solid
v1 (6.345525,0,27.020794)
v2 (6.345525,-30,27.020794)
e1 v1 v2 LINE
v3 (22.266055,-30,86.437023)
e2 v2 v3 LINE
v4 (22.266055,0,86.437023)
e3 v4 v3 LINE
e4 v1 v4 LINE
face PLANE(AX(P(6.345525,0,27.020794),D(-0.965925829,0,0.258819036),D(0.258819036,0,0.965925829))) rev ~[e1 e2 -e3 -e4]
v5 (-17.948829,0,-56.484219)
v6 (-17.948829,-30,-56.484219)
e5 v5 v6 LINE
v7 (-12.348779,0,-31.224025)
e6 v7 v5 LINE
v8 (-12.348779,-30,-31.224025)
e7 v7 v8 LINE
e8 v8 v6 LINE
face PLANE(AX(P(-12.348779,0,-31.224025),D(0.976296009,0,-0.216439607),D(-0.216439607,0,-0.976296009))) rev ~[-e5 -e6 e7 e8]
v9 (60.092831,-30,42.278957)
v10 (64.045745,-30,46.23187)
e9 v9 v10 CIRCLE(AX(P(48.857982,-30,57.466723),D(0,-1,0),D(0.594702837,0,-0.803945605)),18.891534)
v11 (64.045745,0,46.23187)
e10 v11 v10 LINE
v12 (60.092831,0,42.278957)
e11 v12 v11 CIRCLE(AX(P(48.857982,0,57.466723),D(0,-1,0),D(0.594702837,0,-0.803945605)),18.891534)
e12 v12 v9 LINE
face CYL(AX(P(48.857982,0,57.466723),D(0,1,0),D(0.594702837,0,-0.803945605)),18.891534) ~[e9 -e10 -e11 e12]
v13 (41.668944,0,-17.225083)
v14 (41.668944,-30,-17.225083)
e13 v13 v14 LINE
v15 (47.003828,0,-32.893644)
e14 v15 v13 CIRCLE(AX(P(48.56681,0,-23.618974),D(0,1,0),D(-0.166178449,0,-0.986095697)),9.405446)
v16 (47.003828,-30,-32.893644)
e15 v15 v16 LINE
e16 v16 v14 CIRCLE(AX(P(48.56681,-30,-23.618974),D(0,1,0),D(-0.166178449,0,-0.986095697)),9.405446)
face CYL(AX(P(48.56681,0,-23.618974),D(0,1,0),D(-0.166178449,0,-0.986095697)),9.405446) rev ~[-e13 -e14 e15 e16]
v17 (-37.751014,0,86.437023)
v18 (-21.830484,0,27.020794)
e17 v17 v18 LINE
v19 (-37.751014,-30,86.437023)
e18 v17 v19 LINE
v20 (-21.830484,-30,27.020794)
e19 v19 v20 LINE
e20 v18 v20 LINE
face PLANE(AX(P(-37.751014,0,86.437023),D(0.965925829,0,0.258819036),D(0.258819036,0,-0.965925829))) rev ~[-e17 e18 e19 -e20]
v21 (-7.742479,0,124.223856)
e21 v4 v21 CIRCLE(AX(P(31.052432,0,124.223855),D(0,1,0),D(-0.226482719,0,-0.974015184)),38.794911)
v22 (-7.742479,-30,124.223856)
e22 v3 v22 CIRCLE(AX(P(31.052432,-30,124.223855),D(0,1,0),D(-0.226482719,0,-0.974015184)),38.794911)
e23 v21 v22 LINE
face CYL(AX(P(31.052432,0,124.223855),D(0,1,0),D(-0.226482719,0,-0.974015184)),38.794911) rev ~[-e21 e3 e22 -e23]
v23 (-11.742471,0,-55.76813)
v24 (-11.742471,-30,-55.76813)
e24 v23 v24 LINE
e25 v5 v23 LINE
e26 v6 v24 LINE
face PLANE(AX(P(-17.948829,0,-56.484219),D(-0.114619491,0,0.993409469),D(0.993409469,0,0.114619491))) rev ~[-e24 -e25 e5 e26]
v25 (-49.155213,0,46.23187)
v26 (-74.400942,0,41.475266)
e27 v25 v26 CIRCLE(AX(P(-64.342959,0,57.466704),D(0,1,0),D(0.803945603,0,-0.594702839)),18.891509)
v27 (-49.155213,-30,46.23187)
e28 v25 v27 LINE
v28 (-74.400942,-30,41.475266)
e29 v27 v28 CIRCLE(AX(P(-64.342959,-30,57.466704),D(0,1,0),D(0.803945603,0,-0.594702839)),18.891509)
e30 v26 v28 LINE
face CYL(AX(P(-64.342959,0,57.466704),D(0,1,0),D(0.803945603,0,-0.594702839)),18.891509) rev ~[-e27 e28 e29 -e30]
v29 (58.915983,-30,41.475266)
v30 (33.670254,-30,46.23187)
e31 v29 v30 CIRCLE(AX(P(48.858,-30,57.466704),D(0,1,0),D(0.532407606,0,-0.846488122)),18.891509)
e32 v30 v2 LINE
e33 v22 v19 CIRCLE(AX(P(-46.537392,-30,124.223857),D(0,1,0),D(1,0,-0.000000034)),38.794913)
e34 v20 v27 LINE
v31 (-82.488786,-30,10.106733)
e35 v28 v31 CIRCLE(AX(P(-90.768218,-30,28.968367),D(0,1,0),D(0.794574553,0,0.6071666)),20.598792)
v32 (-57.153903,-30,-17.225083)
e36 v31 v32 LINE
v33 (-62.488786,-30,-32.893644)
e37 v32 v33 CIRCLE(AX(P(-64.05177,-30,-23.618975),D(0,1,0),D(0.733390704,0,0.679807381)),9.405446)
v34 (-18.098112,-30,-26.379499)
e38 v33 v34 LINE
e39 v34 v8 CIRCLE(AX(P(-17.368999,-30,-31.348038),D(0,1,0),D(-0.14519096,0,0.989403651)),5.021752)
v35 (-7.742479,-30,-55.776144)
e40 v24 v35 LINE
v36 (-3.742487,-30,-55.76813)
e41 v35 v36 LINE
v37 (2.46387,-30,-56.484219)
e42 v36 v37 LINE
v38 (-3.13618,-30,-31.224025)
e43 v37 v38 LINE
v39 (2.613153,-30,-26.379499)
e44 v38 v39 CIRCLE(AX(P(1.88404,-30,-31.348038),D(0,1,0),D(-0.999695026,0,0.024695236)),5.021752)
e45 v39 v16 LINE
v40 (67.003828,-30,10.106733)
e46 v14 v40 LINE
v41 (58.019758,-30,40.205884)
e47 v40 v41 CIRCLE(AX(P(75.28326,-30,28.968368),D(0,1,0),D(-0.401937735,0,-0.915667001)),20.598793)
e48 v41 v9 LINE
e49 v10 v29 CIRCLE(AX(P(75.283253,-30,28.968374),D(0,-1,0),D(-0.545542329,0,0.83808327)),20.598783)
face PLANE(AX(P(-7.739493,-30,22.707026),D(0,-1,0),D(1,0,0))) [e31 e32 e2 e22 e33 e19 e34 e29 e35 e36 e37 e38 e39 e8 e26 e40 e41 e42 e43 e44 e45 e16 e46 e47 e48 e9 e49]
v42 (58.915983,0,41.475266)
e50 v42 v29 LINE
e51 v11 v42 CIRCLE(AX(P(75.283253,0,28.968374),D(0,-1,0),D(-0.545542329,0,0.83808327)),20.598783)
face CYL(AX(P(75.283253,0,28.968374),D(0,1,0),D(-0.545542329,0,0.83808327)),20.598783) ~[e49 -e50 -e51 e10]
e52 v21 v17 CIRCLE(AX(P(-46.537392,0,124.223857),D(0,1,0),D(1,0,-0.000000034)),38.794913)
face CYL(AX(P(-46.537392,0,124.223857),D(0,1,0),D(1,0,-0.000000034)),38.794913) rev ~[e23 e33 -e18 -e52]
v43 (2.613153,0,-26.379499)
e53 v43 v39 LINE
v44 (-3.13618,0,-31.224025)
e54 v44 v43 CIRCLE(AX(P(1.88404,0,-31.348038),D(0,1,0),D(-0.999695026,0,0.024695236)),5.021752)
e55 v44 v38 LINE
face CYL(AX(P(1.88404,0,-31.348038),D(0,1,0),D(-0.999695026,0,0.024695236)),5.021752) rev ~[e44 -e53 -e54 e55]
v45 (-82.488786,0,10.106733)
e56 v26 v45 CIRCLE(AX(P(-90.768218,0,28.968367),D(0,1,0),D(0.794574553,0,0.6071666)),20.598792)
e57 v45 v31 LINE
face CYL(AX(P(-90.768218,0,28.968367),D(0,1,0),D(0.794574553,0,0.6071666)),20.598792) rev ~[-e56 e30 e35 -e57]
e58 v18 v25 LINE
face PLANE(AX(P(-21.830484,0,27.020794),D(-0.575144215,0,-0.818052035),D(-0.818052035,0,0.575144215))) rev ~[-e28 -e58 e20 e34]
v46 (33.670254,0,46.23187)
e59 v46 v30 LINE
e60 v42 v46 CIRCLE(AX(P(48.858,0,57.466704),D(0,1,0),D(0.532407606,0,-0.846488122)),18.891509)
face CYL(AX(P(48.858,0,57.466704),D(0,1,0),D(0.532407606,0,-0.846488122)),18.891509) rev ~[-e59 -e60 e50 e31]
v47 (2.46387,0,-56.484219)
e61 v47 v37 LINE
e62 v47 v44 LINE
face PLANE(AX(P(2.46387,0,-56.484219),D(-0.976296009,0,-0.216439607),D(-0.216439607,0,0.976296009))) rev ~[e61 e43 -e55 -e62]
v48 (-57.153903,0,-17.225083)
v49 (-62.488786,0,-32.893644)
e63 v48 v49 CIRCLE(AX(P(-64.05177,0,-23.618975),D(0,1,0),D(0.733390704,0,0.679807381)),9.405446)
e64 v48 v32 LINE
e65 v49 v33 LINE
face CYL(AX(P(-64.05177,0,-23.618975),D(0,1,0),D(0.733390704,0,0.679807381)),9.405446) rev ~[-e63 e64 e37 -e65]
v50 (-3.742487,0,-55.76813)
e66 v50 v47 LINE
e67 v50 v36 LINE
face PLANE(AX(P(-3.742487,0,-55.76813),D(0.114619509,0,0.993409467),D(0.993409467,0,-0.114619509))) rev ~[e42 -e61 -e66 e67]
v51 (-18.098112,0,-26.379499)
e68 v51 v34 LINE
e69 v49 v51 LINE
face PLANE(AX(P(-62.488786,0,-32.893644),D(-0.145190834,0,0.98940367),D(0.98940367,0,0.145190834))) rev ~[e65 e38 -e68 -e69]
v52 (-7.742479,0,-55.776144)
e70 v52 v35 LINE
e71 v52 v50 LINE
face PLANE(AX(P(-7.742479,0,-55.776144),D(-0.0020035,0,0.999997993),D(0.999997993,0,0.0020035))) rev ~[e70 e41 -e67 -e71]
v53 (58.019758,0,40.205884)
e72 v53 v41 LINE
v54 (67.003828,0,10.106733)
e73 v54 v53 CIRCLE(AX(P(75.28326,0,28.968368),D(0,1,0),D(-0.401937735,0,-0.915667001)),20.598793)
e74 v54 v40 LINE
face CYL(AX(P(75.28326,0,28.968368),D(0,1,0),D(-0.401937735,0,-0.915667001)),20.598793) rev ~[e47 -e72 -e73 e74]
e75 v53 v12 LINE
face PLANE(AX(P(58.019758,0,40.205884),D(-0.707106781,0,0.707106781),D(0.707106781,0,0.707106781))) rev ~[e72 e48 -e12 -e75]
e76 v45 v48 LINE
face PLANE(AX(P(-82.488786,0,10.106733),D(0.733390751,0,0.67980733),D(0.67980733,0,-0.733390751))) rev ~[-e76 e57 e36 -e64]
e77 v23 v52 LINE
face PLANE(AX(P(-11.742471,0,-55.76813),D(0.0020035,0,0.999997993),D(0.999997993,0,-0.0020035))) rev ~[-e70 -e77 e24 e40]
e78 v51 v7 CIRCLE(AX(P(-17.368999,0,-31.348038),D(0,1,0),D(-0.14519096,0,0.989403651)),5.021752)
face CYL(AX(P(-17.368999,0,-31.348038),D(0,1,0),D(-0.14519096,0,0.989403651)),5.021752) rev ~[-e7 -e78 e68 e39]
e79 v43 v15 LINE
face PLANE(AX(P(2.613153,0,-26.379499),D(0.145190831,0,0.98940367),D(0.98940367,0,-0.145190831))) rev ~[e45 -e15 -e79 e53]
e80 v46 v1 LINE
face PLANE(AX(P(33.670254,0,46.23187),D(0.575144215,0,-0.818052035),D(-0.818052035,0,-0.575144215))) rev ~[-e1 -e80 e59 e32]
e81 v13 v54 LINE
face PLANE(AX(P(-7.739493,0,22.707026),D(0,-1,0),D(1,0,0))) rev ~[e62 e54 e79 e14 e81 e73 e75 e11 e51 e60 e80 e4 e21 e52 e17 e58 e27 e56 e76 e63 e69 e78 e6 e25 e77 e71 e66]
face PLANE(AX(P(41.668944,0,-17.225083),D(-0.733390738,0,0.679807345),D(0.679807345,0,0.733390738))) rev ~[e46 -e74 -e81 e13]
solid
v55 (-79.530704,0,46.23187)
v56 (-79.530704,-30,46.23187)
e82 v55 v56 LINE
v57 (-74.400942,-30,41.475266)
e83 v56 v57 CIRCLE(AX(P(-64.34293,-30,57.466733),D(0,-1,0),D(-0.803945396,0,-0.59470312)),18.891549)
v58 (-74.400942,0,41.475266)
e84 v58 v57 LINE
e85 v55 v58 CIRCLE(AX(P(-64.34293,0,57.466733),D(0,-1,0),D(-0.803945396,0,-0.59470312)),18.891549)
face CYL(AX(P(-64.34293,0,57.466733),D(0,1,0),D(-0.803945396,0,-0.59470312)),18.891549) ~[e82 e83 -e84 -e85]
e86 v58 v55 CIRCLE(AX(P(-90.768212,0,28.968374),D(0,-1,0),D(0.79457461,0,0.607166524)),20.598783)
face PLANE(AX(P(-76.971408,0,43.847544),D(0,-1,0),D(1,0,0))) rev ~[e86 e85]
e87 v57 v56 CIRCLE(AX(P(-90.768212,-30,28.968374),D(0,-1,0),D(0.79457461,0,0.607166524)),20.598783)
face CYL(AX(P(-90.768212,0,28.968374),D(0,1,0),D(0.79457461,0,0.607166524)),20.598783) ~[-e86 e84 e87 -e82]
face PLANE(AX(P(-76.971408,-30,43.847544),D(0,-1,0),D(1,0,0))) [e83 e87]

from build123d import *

# Parameters (mm, degrees)
F1_DEPTH = 30


with BuildPart() as f1:
    # F0 (on Front) → F1 (new body)
    with BuildSketch(Plane.XZ):
        with BuildLine():
            Line((-11.742471, -55.76813), (-7.742479, -55.776144))
            Line((-7.742479, -55.776144), (-3.742487, -55.76813))
            Line((-3.742487, -55.76813), (2.46387, -56.484219))
            Line((2.46387, -56.484219), (-3.13618, -31.224025))
            ThreePointArc((-3.13618, -31.224025), (-1.351815, -27.507826), (2.613153, -26.379499))
            Line((2.613153, -26.379499), (47.003828, -32.893644))
            ThreePointArc((47.003828, -32.893644), (39.663303, -26.65047), (41.668944, -17.225083))
            Line((41.668944, -17.225083), (67.003828, 10.106733))
            ThreePointArc((67.003828, 10.106733), (55.54497, 23.076834), (58.019758, 40.205884))
            ThreePointArc((58.019758, 40.205884), (58.455897, 40.849029), (58.915983, 41.475266))
            ThreePointArc((58.915983, 41.475266), (45.360152, 38.90184), (33.670254, 46.23187))
            Line((33.670254, 46.23187), (6.345525, 27.020794))
            Line((6.345525, 27.020794), (22.266055, 86.437023))
            ThreePointArc((22.266055, 86.437023), (0.672242, 100.097331), (-7.742479, 124.223856))
            ThreePointArc((-7.742479, 124.223856), (-16.157201, 100.097331), (-37.751014, 86.437023))
            Line((-37.751014, 86.437023), (-21.830484, 27.020794))
            Line((-21.830484, 27.020794), (-49.155213, 46.23187))
            ThreePointArc((-49.155213, 46.23187), (-60.845111, 38.90184), (-74.400942, 41.475266))
            ThreePointArc((-74.400942, 41.475266), (-70.821758, 23.825511), (-82.488786, 10.106733))
            Line((-82.488786, 10.106733), (-57.153903, -17.225083))
            ThreePointArc((-57.153903, -17.225083), (-55.148262, -26.65047), (-62.488786, -32.893644))
            Line((-62.488786, -32.893644), (-18.098112, -26.379499))
            ThreePointArc((-18.098112, -26.379499), (-14.133144, -27.507826), (-12.348779, -31.224025))
            Line((-12.348779, -31.224025), (-17.948829, -56.484219))
            Line((-17.948829, -56.484219), (-11.742471, -55.76813))
        make_face()
        with BuildLine():
            ThreePointArc((-79.530704, 46.23187), (-77.187919, 43.614048), (-74.400942, 41.475266))
            ThreePointArc((-74.400942, 41.475266), (-76.762418, 44.07293), (-79.530704, 46.23187))
        make_face()
        with BuildLine():
            ThreePointArc((58.915983, 41.475266), (58.455897, 40.849029), (58.019758, 40.205884))
            Line((58.019758, 40.205884), (60.092831, 42.278957))
            ThreePointArc((60.092831, 42.278957), (59.511988, 41.866011), (58.915983, 41.475266))
        make_face()
        with BuildLine():
            ThreePointArc((58.915983, 41.475266), (59.511988, 41.866011), (60.092831, 42.278957))
            Line((60.092831, 42.278957), (64.045745, 46.23187))
            ThreePointArc((64.045745, 46.23187), (61.277459, 44.07293), (58.915983, 41.475266))
        make_face()
        with BuildLine():
            Line((64.045745, 46.23187), (60.092831, 42.278957))
            ThreePointArc((60.092831, 42.278957), (62.216312, 44.108389), (64.045745, 46.23187))
        make_face()
    extrude(amount=F1_DEPTH)


solid = f1.part
